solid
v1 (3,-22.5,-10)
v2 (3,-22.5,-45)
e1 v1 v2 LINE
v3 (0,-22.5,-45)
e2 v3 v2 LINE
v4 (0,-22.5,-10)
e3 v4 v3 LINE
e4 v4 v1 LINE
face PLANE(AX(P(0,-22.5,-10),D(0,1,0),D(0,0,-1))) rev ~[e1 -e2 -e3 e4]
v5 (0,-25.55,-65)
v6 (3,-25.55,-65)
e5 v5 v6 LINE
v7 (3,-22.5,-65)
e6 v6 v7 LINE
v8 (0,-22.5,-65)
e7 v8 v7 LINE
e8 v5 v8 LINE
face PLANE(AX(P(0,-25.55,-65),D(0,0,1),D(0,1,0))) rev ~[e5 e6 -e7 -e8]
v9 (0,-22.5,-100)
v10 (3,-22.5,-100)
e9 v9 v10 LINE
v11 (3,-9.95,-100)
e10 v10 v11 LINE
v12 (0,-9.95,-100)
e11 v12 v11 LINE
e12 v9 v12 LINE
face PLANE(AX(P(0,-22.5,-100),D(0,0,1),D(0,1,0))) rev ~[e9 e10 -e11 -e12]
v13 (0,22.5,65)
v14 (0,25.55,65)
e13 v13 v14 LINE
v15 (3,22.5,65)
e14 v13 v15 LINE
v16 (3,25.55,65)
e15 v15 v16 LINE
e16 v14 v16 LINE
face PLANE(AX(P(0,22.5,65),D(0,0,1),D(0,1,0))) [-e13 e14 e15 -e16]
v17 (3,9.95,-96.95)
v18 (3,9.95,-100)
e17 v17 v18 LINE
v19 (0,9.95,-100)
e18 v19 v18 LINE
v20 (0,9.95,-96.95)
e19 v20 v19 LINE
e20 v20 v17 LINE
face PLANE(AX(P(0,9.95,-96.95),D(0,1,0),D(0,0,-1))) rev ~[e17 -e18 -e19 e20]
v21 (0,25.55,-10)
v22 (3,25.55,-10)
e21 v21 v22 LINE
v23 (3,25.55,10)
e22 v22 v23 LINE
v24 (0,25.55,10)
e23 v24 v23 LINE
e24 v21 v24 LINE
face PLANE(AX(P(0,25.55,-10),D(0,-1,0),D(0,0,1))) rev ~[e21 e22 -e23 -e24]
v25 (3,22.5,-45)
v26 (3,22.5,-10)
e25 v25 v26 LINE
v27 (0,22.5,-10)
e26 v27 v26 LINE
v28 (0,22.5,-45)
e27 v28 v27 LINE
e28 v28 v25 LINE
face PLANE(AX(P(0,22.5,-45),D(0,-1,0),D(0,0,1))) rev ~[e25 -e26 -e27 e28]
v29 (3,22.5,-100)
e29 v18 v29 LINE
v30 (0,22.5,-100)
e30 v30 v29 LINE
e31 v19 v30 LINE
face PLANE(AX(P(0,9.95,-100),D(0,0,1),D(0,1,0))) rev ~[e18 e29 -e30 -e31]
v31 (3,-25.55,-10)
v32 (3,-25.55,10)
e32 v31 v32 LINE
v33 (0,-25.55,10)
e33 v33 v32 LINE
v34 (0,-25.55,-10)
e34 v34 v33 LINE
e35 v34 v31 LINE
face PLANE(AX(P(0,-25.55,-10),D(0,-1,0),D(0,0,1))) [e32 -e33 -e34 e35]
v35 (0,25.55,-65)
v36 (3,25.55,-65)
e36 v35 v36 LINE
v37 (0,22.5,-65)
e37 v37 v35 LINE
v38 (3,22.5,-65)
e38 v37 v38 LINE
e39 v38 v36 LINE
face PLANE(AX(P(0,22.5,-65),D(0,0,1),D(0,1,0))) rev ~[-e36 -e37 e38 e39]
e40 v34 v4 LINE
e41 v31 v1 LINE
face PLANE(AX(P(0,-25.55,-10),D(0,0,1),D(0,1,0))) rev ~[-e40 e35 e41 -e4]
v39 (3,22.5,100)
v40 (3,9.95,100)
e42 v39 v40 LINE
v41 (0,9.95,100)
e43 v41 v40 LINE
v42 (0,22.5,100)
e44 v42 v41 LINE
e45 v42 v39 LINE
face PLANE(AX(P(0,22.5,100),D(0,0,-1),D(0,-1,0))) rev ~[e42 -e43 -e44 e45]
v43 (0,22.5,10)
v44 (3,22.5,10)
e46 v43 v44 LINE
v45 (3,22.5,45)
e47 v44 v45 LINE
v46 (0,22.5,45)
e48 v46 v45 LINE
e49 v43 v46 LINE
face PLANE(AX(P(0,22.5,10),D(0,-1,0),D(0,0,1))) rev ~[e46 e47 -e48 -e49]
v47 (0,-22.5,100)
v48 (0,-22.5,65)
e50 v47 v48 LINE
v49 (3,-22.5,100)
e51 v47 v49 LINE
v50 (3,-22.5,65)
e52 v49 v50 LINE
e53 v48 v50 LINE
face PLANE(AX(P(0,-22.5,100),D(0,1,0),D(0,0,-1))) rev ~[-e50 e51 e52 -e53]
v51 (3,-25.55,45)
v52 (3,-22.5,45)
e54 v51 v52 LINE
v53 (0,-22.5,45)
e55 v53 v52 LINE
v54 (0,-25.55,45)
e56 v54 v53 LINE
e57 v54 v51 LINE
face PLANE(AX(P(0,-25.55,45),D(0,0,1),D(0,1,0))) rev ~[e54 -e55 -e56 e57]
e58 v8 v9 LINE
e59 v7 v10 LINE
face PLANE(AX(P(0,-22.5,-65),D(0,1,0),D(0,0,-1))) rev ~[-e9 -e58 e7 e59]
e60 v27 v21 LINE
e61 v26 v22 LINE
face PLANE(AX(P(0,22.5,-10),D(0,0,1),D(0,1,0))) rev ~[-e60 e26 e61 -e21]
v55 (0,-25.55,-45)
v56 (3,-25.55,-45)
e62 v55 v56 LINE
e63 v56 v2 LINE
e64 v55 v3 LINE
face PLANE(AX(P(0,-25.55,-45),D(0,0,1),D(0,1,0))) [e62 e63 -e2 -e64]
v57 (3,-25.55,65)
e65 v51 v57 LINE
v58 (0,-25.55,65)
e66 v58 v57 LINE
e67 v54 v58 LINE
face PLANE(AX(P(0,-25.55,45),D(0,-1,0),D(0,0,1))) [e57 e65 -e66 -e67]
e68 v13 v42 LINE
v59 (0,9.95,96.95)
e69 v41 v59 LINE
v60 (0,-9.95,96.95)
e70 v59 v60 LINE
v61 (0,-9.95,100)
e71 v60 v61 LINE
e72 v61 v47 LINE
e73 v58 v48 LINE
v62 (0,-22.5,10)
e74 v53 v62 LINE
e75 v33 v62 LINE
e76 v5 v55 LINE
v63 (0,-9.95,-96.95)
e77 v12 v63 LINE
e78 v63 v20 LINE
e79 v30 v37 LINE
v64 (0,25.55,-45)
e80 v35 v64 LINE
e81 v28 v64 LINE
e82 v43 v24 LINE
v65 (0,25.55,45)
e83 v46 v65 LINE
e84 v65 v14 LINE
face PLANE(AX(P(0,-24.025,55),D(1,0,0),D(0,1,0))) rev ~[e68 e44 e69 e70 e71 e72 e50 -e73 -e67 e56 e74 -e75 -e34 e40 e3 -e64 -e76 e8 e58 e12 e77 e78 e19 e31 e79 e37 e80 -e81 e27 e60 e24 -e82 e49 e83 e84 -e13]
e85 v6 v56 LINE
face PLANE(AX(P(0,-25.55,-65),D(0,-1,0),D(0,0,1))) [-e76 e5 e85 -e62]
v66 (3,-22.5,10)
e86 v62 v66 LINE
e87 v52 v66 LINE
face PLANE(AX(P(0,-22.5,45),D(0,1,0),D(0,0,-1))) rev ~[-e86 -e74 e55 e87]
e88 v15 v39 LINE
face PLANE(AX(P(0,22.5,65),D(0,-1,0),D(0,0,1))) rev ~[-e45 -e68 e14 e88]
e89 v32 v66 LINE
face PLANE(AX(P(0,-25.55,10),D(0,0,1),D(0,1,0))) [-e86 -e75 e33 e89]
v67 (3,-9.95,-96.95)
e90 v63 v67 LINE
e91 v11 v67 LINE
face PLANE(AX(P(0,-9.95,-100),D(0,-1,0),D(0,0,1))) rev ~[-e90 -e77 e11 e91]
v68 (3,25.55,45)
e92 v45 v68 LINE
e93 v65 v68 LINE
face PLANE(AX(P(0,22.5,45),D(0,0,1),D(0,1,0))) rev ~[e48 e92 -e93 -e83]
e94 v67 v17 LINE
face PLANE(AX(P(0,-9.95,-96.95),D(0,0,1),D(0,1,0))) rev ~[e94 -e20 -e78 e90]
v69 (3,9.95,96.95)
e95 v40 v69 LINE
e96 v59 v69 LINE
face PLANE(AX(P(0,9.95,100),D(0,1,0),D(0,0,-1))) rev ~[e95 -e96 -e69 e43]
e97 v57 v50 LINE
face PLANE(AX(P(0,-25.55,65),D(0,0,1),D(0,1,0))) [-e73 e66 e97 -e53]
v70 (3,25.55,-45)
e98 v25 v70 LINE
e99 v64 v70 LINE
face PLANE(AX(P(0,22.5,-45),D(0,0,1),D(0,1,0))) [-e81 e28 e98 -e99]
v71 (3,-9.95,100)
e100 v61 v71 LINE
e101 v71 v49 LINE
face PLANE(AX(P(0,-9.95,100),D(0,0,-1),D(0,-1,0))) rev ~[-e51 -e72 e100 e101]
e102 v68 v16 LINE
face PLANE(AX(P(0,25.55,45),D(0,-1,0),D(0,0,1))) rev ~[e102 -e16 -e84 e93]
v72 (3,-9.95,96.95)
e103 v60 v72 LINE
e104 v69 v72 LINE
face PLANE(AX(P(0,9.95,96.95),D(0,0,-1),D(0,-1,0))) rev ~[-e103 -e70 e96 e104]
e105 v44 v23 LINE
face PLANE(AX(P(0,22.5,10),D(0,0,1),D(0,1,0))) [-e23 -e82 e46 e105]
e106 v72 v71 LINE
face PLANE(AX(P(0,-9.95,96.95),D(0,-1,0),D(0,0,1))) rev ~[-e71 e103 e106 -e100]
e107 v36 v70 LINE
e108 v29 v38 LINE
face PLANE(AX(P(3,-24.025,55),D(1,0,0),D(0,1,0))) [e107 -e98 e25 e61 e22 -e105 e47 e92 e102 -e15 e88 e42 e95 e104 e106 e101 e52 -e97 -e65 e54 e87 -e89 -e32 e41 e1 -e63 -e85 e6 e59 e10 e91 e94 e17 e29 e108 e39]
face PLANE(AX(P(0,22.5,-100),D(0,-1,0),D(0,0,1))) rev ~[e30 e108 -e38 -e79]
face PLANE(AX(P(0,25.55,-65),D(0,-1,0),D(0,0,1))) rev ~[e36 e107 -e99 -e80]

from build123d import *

# Parameters (mm, degrees)
F0_W     = 3.05
F0_H     = 20
F1_DEPTH = 3


with BuildPart() as f1:
    # F0 (on Right) → F1 (new body)
    with BuildSketch(Plane.YZ):
        with Locations((-24.025, 55)):
            Rectangle(F0_W, F0_H)
        with Locations((-24.025, 0)):
            Rectangle(F0_W, F0_H)
        with Locations((-24.025, -55)):
            Rectangle(F0_W, F0_H)
        with Locations((24.025, 55)):
            Rectangle(F0_W, F0_H)
        with Locations((24.025, 0)):
            Rectangle(F0_W, F0_H)
        with Locations((24.025, -55)):
            Rectangle(F0_W, F0_H)
        Polygon((9.95, -100), (22.5, -100), (22.5, -65), (22.5, -45), (22.5, -10), (22.5, 10), (22.5, 45), (22.5, 65), (22.5, 100), (9.95, 100), (9.95, 96.95), (-9.95, 96.95), (-9.95, 100), (-22.5, 100), (-22.5, 65), (-22.5, 45), (-22.5, 10), (-22.5, -10), (-22.5, -45), (-22.5, -65), (-22.5, -100), (-9.95, -100), (-9.95, -96.95), (9.95, -96.95), align=None)
    extrude(amount=F1_DEPTH)


solid = f1.part
